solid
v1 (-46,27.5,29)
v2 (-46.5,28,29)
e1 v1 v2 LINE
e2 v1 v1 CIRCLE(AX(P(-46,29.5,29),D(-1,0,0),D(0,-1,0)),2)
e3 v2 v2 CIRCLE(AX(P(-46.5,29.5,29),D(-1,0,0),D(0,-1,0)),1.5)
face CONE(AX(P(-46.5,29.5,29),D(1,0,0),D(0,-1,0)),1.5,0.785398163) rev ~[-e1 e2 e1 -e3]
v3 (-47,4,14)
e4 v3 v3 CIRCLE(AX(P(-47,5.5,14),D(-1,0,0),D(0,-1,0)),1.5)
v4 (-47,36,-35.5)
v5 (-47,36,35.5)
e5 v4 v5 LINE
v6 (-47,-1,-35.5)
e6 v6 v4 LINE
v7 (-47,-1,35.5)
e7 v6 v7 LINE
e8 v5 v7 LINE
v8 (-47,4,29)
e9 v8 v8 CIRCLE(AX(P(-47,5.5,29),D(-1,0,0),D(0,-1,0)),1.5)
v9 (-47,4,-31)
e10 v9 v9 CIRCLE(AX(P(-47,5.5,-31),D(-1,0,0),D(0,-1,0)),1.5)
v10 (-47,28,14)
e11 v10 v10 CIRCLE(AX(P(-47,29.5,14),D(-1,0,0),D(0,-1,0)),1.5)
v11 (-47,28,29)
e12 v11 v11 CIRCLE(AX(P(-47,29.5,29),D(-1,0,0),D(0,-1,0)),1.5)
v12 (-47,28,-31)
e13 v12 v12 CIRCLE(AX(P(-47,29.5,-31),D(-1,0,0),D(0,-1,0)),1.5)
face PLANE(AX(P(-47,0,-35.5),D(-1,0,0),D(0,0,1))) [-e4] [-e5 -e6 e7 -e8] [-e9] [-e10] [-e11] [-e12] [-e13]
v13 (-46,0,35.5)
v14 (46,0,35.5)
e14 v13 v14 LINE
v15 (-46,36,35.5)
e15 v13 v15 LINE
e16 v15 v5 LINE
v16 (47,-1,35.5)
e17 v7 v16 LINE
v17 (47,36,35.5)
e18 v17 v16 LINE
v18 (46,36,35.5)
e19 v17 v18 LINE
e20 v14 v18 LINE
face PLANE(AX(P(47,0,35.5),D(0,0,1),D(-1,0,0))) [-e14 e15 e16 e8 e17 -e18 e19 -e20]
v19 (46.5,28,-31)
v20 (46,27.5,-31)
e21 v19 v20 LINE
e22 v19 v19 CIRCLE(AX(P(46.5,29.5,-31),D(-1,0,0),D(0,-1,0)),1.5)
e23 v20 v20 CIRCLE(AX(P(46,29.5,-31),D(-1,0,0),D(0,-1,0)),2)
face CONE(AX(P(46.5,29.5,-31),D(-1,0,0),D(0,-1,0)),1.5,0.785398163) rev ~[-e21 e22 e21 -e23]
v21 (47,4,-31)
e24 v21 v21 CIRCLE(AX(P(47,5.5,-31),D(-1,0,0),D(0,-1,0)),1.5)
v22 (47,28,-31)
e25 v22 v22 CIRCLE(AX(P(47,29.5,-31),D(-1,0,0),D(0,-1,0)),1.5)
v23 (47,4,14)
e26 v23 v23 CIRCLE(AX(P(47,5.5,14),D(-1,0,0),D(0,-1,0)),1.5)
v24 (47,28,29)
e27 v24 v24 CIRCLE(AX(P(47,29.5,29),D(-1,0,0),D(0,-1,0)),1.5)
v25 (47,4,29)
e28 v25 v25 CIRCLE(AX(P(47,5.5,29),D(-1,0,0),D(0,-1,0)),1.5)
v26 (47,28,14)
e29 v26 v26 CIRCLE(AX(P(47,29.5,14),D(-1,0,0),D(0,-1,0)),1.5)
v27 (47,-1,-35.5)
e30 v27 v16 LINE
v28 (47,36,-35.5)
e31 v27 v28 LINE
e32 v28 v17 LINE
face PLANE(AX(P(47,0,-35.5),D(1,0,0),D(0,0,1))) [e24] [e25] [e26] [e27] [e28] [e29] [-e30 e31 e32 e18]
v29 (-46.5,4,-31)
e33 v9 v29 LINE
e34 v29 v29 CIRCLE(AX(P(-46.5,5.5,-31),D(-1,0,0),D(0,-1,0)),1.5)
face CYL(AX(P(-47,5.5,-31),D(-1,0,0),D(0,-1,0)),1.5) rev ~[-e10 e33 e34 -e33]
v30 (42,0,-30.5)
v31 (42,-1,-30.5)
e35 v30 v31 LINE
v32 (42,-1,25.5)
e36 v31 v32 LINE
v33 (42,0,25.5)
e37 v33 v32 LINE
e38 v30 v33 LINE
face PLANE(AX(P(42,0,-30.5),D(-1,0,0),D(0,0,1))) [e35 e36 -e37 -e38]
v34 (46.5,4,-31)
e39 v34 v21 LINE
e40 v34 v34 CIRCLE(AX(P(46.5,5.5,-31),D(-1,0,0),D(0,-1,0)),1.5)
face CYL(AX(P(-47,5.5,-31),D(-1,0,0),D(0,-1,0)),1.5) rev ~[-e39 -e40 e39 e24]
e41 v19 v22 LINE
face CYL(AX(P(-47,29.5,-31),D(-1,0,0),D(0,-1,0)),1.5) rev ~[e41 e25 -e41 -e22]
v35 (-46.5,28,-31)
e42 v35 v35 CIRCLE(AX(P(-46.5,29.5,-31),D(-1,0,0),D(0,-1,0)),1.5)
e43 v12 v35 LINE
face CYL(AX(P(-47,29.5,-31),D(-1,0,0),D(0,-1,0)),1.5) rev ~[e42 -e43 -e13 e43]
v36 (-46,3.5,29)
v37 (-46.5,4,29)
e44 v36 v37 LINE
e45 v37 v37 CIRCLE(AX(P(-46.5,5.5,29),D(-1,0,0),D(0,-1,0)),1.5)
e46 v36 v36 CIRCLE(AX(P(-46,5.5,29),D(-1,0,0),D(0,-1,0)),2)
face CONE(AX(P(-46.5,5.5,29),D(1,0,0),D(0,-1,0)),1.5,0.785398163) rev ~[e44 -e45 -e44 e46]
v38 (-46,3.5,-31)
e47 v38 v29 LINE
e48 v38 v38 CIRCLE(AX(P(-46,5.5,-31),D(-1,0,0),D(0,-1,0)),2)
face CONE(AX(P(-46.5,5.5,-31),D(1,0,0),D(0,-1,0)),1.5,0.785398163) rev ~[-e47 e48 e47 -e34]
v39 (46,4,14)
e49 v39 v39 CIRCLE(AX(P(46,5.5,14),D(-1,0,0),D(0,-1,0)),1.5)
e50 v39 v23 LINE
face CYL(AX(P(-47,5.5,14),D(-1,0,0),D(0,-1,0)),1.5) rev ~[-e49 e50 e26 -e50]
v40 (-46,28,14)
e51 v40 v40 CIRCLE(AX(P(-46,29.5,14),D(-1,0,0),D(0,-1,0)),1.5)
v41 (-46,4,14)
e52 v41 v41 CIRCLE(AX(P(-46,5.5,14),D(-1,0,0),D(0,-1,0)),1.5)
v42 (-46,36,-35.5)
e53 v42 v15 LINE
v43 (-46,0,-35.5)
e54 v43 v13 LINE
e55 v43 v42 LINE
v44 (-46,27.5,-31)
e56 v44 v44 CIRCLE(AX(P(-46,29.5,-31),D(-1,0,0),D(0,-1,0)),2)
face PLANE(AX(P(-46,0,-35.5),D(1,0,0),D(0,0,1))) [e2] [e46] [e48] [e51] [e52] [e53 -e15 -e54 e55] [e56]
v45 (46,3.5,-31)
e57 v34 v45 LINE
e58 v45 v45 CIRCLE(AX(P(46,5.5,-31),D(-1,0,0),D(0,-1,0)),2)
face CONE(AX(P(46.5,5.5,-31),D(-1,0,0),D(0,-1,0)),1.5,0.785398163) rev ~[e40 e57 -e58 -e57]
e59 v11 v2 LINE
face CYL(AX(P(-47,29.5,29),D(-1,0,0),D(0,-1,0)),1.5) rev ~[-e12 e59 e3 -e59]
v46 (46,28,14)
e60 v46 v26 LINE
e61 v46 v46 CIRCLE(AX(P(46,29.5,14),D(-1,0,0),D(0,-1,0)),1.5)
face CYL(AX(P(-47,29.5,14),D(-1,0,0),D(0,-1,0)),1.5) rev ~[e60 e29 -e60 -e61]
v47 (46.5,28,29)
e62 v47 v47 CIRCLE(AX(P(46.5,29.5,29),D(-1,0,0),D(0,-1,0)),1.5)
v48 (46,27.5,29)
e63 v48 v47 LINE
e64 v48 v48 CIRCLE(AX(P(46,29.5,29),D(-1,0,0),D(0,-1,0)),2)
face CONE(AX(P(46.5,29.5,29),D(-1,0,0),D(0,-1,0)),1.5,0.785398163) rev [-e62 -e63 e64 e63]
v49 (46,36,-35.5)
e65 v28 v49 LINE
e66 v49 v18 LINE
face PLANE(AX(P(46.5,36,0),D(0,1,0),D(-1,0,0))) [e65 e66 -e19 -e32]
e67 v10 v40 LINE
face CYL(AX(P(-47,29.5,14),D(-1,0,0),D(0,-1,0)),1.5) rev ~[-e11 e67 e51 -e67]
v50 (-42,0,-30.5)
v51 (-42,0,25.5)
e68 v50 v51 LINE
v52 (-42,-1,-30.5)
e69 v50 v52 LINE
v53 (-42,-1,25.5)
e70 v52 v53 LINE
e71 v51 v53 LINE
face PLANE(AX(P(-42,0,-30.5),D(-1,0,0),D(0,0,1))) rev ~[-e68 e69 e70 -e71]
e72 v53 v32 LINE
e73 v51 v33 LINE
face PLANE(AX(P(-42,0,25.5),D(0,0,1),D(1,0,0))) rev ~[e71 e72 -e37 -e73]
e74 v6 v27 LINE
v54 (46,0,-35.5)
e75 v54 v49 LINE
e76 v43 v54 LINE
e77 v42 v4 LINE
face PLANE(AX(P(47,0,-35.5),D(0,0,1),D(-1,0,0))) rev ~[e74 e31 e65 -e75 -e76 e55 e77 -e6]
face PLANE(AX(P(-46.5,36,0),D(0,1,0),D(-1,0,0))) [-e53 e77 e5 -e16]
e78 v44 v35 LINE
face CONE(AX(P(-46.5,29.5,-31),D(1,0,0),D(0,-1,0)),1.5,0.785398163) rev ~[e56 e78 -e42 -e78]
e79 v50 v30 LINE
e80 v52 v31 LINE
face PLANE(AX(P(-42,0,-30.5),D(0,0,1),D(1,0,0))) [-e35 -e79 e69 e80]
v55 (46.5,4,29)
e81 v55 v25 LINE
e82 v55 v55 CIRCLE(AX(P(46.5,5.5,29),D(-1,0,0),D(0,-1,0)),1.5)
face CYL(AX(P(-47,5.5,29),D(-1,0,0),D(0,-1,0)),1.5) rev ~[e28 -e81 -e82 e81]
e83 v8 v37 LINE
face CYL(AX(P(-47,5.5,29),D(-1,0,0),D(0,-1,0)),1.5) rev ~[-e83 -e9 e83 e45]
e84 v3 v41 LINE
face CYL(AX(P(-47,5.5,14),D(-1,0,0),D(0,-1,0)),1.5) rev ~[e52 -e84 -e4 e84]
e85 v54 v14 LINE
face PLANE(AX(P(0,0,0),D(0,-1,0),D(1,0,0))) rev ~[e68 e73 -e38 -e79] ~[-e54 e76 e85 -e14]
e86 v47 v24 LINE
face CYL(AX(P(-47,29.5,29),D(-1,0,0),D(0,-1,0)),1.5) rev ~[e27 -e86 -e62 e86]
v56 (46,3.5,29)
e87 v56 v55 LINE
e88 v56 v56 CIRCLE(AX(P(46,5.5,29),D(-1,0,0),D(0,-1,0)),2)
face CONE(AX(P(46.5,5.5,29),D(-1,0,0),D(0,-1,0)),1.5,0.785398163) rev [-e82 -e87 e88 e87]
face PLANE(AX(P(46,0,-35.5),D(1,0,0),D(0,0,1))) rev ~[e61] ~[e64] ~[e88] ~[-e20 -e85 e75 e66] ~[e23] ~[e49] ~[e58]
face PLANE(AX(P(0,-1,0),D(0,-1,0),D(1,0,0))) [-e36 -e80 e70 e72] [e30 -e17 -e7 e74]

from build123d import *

# Parameters (mm, degrees)
F0_W     = 94
F0_H     = 71
F0_W_2   = 84
F0_H_2   = 56
F1_DEPTH = 1
F2_W     = 1
F2_H     = 71
F3_DEPTH = 36
F4_R     = 1.5
F5_DEPTH = 100
F6_SIZE  = 0.5
F7_SIZE  = 0.5


with BuildPart() as f1:
    # F0 (on Front) → F1 (new body)
    with BuildSketch(Plane.XZ):
        Rectangle(F0_W, F0_H)
        with Locations((0, -2.5)):
            Rectangle(F0_W_2, F0_H_2, mode=Mode.SUBTRACT)
    extrude(amount=F1_DEPTH)

    # F2 (on face) → F3 (join)
    with BuildSketch(Plane(origin=(0, 0, 0), x_dir=(-1, 0, 0), z_dir=(0, 1, 0))):
        with Locations((-46.5, 0)):
            Rectangle(F2_W, F2_H)
        with Locations((46.5, 0)):
            Rectangle(F2_W, F2_H)
    extrude(amount=F3_DEPTH)

    # F4 (on face) → F5 (cut)
    with BuildSketch(Plane(origin=(-47, 0, 0), x_dir=(0, -1, 0), z_dir=(-1, 0, 0))):
        with Locations((-29.5, -31)):
            Circle(F4_R)
        with Locations((-5.5, -31)):
            Circle(F4_R)
        with Locations((-29.5, 29)):
            Circle(F4_R)
        with Locations((-5.5, 29)):
            Circle(F4_R)
        with Locations((-29.5, 14)):
            Circle(F4_R)
        with Locations((-5.5, 14)):
            Circle(F4_R)
    extrude(amount=-F5_DEPTH, mode=Mode.SUBTRACT)

    # F6
    f6_edges = [f1.edges().sort_by_distance(p)[0] for p in [
        (-46, 31, -31),
        (-46, 7, -31),
        (46, 7, -31),
        (46, 31, -31),
    ]]
    chamfer(f6_edges, length=F6_SIZE)

    # F7
    f7_edges = [f1.edges().sort_by_distance(p)[0] for p in [
        (46, 31, 29),
        (46, 7, 29),
        (-46, 7, 29),
        (-46, 31, 29),
    ]]
    chamfer(f7_edges, length=F7_SIZE)


solid = f1.part
